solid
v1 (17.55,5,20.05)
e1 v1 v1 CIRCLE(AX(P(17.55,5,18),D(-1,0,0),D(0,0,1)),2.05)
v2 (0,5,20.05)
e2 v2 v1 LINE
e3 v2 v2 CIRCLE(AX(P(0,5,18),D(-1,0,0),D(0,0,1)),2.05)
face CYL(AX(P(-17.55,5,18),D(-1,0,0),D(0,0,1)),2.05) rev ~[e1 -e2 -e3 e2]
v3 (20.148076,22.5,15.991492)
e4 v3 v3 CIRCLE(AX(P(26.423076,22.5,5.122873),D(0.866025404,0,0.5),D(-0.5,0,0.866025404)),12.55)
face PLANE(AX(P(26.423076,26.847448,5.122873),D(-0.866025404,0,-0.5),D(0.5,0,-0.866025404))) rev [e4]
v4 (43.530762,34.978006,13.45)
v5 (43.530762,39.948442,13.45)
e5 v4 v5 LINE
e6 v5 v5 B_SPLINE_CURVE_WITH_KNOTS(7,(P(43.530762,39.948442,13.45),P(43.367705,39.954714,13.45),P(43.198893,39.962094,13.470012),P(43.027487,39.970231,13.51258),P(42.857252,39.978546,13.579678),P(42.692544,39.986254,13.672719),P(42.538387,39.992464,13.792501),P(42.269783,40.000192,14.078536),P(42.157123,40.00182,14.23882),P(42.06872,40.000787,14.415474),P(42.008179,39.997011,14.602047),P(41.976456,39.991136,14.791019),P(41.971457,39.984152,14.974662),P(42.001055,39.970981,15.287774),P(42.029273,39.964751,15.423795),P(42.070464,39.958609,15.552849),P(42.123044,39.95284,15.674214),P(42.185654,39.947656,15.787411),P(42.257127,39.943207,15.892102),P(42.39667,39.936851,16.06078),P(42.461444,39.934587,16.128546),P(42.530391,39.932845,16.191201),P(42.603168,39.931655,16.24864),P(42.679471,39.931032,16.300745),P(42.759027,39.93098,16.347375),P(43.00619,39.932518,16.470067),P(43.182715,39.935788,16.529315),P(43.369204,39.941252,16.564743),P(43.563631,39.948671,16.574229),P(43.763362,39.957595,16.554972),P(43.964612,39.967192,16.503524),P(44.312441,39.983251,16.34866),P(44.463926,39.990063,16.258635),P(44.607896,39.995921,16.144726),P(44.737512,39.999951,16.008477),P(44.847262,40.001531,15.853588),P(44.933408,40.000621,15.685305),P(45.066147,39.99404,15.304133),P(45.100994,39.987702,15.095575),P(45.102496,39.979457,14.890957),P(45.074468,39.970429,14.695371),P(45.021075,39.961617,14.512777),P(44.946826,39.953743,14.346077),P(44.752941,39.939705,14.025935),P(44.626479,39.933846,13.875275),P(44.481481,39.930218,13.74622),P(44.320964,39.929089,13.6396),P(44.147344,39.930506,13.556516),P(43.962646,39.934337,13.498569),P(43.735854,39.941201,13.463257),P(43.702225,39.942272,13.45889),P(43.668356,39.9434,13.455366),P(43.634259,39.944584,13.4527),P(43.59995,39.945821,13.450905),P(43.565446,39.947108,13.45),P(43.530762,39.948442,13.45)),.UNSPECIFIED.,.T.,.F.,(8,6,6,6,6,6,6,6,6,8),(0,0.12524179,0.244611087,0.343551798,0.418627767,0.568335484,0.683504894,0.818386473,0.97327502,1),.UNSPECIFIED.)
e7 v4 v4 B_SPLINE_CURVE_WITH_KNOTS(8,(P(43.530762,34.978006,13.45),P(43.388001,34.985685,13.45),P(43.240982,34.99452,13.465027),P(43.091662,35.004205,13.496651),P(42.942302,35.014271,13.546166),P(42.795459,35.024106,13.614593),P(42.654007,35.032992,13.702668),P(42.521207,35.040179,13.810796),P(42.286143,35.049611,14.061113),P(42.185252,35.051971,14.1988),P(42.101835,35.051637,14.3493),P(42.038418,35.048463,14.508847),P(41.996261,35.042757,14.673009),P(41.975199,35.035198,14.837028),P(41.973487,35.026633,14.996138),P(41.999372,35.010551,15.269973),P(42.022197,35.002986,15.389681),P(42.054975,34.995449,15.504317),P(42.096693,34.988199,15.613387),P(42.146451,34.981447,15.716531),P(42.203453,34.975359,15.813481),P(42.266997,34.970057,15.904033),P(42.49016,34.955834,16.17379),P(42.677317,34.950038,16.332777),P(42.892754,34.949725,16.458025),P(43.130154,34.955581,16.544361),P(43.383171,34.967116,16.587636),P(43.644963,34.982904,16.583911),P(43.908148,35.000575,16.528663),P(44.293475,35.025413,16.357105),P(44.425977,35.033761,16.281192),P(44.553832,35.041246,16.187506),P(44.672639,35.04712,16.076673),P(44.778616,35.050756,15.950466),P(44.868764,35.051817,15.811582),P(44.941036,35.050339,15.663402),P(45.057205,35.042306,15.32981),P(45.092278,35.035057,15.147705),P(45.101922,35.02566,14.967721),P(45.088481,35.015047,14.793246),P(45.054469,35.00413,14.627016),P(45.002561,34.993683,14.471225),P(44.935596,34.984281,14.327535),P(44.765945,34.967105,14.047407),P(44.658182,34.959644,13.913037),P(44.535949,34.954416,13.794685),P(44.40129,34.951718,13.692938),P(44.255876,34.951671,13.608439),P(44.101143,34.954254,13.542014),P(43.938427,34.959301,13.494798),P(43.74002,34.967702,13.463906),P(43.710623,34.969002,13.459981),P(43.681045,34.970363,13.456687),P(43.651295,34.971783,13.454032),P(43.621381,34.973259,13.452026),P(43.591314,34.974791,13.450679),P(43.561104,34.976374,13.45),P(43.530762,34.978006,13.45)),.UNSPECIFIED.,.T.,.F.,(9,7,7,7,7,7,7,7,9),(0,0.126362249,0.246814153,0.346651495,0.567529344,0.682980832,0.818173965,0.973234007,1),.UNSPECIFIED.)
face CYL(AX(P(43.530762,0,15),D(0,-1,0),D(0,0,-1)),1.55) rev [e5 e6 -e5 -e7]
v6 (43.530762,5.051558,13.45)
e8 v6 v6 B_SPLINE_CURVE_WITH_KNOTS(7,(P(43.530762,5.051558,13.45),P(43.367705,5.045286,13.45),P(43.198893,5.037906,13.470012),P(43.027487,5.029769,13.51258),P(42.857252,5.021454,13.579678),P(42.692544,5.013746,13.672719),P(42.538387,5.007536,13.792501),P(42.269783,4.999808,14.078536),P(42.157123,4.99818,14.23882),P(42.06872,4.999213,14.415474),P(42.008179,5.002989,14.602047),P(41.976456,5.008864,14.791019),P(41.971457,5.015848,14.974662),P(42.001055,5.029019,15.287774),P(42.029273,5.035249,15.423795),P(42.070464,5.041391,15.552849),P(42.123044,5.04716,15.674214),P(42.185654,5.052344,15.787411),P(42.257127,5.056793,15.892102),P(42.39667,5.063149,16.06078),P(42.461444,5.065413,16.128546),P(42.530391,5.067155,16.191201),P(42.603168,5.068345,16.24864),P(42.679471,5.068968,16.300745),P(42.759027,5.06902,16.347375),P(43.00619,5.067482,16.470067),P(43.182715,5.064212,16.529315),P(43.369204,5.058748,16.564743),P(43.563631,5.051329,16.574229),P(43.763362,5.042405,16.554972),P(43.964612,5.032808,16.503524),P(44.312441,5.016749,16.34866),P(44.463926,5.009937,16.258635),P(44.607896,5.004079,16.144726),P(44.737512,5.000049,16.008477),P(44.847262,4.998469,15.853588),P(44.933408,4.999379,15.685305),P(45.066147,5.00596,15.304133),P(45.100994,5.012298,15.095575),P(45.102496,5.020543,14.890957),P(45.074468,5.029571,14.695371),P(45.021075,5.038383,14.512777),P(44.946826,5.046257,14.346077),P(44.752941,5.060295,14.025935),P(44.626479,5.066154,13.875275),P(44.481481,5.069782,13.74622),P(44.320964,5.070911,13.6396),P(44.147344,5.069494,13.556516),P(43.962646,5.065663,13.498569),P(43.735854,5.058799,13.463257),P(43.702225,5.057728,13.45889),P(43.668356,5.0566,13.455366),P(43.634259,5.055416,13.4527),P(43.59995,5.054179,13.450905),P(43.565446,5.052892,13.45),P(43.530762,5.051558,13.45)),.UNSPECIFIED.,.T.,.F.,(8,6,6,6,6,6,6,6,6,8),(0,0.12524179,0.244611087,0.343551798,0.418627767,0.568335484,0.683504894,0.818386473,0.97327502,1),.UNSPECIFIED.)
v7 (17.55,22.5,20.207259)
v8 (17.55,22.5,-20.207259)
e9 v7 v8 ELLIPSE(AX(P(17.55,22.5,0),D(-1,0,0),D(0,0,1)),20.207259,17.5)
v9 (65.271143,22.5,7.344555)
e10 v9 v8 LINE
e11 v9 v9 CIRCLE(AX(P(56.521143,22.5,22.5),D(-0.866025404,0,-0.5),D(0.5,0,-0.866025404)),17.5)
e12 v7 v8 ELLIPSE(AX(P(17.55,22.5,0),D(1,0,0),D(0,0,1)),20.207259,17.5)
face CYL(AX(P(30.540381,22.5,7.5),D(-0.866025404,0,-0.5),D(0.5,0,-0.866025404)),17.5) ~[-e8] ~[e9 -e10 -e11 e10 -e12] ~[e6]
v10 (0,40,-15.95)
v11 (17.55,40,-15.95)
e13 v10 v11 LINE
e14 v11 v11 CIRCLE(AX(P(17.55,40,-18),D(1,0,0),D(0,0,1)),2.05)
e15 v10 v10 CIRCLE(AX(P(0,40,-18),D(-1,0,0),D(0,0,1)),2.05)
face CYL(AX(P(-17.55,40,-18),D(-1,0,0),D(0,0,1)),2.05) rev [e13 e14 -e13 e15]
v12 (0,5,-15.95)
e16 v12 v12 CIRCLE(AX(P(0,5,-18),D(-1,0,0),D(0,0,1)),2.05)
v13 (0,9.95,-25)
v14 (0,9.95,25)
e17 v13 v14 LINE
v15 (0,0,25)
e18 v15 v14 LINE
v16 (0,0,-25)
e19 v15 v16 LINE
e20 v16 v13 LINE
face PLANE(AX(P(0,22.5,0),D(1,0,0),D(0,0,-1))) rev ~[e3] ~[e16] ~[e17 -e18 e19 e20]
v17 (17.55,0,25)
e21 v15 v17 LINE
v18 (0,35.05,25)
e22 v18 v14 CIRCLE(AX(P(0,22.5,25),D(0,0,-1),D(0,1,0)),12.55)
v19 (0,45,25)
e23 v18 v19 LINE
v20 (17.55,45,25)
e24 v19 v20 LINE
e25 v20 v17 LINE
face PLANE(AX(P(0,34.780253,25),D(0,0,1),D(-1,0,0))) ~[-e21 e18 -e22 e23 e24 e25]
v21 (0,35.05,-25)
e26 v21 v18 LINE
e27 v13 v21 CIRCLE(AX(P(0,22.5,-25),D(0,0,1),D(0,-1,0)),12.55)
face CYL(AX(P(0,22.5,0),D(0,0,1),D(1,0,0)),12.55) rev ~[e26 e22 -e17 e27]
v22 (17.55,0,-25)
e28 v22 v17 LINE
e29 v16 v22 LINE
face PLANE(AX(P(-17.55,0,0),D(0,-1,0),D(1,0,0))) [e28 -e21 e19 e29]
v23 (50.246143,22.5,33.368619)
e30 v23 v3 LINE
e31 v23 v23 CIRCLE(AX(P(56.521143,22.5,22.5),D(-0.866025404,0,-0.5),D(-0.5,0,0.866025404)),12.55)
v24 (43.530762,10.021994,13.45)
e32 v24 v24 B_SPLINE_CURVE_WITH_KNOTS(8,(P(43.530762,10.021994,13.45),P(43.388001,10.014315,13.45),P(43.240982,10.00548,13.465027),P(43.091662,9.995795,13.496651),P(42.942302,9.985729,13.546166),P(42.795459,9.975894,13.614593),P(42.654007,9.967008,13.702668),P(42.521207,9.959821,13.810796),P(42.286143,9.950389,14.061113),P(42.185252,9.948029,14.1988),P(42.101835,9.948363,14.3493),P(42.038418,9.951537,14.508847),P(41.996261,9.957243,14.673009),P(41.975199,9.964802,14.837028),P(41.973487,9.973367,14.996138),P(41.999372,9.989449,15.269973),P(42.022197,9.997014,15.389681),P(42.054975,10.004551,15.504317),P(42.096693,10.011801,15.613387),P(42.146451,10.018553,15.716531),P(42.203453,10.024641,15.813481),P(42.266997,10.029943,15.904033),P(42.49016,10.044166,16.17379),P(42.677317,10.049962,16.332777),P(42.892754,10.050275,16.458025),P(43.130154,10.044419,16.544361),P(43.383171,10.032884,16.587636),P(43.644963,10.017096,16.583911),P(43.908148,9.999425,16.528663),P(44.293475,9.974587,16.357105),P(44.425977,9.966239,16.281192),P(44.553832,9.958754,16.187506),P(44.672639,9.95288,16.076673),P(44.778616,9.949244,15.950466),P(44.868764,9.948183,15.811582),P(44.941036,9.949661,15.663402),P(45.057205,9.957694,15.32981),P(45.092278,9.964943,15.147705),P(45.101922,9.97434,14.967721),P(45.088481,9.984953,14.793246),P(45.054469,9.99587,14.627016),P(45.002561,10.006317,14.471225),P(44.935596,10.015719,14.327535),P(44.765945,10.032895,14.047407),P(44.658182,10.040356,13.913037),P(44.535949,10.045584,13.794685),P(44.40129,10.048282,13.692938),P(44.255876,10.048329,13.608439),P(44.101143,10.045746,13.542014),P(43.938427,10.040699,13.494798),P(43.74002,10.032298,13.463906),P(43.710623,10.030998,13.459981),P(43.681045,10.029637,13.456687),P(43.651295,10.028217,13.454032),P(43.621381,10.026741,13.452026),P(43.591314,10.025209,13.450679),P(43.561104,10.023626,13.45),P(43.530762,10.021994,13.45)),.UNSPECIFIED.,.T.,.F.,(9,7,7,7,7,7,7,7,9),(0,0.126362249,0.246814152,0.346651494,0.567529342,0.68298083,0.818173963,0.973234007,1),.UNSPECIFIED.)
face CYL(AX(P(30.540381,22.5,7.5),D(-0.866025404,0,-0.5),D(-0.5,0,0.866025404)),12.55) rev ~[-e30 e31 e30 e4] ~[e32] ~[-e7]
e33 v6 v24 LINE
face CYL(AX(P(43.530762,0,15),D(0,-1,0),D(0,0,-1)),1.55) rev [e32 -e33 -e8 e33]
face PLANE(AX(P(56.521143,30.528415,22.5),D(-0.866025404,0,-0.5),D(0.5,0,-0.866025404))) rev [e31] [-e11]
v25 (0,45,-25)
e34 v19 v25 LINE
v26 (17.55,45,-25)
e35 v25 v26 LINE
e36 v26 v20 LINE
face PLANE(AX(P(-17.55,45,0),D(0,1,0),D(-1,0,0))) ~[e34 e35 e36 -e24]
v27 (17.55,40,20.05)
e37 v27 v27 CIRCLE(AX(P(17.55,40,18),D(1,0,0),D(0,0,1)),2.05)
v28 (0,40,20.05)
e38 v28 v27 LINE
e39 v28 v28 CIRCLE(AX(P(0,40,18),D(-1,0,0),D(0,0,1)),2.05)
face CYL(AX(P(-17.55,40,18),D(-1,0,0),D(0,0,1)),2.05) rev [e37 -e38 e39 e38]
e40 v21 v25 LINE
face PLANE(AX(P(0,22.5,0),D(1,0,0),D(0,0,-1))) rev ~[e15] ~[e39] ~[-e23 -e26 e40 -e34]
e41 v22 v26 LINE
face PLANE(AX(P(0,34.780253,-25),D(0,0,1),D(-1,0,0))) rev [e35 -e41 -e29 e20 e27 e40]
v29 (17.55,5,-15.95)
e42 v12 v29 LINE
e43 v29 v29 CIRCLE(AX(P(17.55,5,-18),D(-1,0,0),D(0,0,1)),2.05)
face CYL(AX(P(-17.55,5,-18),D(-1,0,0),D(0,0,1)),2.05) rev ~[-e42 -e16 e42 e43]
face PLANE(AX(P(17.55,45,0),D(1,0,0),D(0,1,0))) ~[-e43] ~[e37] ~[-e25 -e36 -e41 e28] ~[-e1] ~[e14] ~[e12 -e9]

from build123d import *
from build123d.topology import SkipClean

# Parameters (mm, degrees)
BOSS_EXTRUDE1_DEPTH             = 25
BOSS_EXTRUDE2_REACH             = 65.436
BOSS_EXTRUDE2_DIRECTION_2_DEPTH = 30
SKETCH9_R                       = 2.05
CUT_EXTRUDE3_DEPTH              = 35.1
BOSS_EXTRUDE5_REACH             = 63.632
SKETCH13_R                      = 1.55
CUT_EXTRUDE4_DEPTH              = 88.768186926
SKETCH16_W                      = 50
SKETCH16_H                      = 45
CUT_EXTRUDE5_DEPTH              = 17.55


with BuildPart() as part:
    # Sketch1 → Boss-Extrude1 (new, symmetric)
    with BuildSketch(Plane.XY):
        with BuildLine():
            Line((-17.55, 22.5), (-17.55, 0))
            Line((-17.55, 0), (17.55, 0))
            Line((17.55, 0), (17.55, 22.5))
            Line((17.55, 22.5), (12.55, 22.5))
            ThreePointArc((12.55, 22.5), (0, 9.95), (-12.55, 22.5))
            Line((-12.55, 22.5), (-17.55, 22.5))
        make_face()
    boss_extrude1 = extrude(amount=BOSS_EXTRUDE1_DEPTH, both=True)

    # Boss-Extrude2: up to this face of the body (flat: up to its plane)
    boss_extrude2_end = Plane(part.part.faces().sort_by_distance((17.55, 11.25, 0))[0])
    # Sketch5 → Boss-Extrude2 (add, up to the picked face)
    with BuildSketch(Plane(origin=(26.152881057, 0, 15.099372918), x_dir=(0.500000000000001, 0, -0.8660254037844382), z_dir=(0.8660254037844382, 0, 0.500000000000001)), mode=Mode.PRIVATE) as boss_extrude2_sk1:
        with BuildLine():
            Line((-8.725, 22.5), (-3.775, 22.5))
            ThreePointArc((-3.775, 22.5), (8.775, 9.95), (21.325, 22.5))
            Line((21.325, 22.5), (26.275, 22.5))
            ThreePointArc((26.275, 22.5), (8.775, 5), (-8.725, 22.5))
        make_face()
    boss_extrude2_tool1 = split(extrude(boss_extrude2_sk1.sketch, amount=-BOSS_EXTRUDE2_REACH, mode=Mode.PRIVATE), bisect_by=boss_extrude2_end, keep=Keep.BOTH, mode=Mode.PRIVATE)
    boss_extrude2 = boss_extrude2_tool1.solids().sort_by(Axis((23.027881, 22.108688, 20.512032), (-0.8660254037844382, 0, -0.500000000000001)))[0]
    add(boss_extrude2)

    # Sketch5 → Boss-Extrude2 direction 2 (add)
    with BuildSketch(Plane(origin=(26.152881057, 0, 15.099372918), x_dir=(0.500000000000001, 0, -0.8660254037844382), z_dir=(0.8660254037844382, 0, 0.500000000000001))):
        with BuildLine():
            Line((-8.725, 22.5), (-3.775, 22.5))
            ThreePointArc((-3.775, 22.5), (8.775, 9.95), (21.325, 22.5))
            Line((21.325, 22.5), (26.275, 22.5))
            ThreePointArc((26.275, 22.5), (8.775, 5), (-8.725, 22.5))
        make_face()
    boss_extrude2_direction_2 = extrude(amount=BOSS_EXTRUDE2_DIRECTION_2_DEPTH)

    # Sketch9 → Cut-Extrude3 (cut)
    with BuildSketch(Plane.ZY.offset(17.55)):
        with Locations((-18, 5)):
            Circle(SKETCH9_R)
        with Locations((18, 5)):
            Circle(SKETCH9_R)
    cut_extrude3 = extrude(amount=-CUT_EXTRUDE3_DEPTH, mode=Mode.SUBTRACT)

    # Boss-Extrude5: up to this face of the body (flat: up to its plane)
    boss_extrude5_end = Plane(part.part.faces().sort_by_distance((17.55, 17.173614571, 0))[0])
    # Sketch12 → Boss-Extrude5 (add, up to the picked face)
    with BuildSketch(Plane(origin=(22.035576211, 0, 12.722245857), x_dir=(0.4999999999999999, 0, -0.8660254037844388), z_dir=(0.8660254037844388, 0, 0.4999999999999999)), mode=Mode.PRIVATE) as boss_extrude5_sk1:
        with BuildLine():
            Line((-3.775, 22.5), (21.325, 22.5))
            ThreePointArc((21.325, 22.5), (8.775, 9.95), (-3.775, 22.5))
        make_face()
    boss_extrude5_tool1 = split(extrude(boss_extrude5_sk1.sketch, amount=-BOSS_EXTRUDE5_REACH, mode=Mode.PRIVATE), bisect_by=boss_extrude5_end, keep=Keep.BOTH, mode=Mode.PRIVATE)
    boss_extrude5 = boss_extrude5_tool1.solids().sort_by(Axis((26.423076, 17.173615, 5.122873), (-0.8660254037844388, 0, -0.4999999999999999)))[0]
    add(boss_extrude5)


with BuildPart() as mirror1_1:
    # Mirror1: Boss-Extrude1, Boss-Extrude2, Boss-Extrude2 direction 2 across plane
    add(boss_extrude1.mirror(Plane(origin=(17.55, 22.5, 25), x_dir=(0, 0, 1), z_dir=(0, -1, 0))))
    add(boss_extrude2.mirror(Plane(origin=(17.55, 22.5, 25), x_dir=(0, 0, 1), z_dir=(0, -1, 0))))
    add(boss_extrude2_direction_2.mirror(Plane(origin=(17.55, 22.5, 25), x_dir=(0, 0, 1), z_dir=(0, -1, 0))))

    # Mirror1 2: Cut-Extrude3 across plane
    add(cut_extrude3.mirror(Plane(origin=(17.55, 22.5, 25), x_dir=(0, 0, 1), z_dir=(0, -1, 0))), mode=Mode.SUBTRACT)


with BuildPart() as mirror1_3_1:
    # Mirror1 3: Boss-Extrude5 across plane
    add(boss_extrude5.mirror(Plane(origin=(17.55, 22.5, 25), x_dir=(0, 0, 1), z_dir=(0, -1, 0))))


with BuildPart() as part_1:
    add(part.part)

    # Mirror1 united with what the copies touc: union Mirror1_1, Mirror1 3_1
    add(mirror1_1.part)
    add(mirror1_3_1.part)

    # Sketch13 → Cut-Extrude4 (cut, through all)
    with SkipClean():  # the faces are left unmerged after this step: merging them gives an invalid solid
        with BuildSketch(Plane(origin=(0, 0, 0), x_dir=(1, 0, 0), z_dir=(0, 1, 0))):
            with Locations(Location((43.530762114, -15, 0), (0, 0, 90))):
                Circle(SKETCH13_R)
        extrude(amount=CUT_EXTRUDE4_DEPTH, mode=Mode.SUBTRACT)

    # Sketch16 → Cut-Extrude5 (cut)
    with BuildSketch(Plane(origin=(0, 0, 0), x_dir=(0, 0, -1), z_dir=(1, 0, 0))):
        with Locations((0, 22.5)):
            Rectangle(SKETCH16_W, SKETCH16_H)
    extrude(amount=-CUT_EXTRUDE5_DEPTH, mode=Mode.SUBTRACT)


solid = part_1.part
